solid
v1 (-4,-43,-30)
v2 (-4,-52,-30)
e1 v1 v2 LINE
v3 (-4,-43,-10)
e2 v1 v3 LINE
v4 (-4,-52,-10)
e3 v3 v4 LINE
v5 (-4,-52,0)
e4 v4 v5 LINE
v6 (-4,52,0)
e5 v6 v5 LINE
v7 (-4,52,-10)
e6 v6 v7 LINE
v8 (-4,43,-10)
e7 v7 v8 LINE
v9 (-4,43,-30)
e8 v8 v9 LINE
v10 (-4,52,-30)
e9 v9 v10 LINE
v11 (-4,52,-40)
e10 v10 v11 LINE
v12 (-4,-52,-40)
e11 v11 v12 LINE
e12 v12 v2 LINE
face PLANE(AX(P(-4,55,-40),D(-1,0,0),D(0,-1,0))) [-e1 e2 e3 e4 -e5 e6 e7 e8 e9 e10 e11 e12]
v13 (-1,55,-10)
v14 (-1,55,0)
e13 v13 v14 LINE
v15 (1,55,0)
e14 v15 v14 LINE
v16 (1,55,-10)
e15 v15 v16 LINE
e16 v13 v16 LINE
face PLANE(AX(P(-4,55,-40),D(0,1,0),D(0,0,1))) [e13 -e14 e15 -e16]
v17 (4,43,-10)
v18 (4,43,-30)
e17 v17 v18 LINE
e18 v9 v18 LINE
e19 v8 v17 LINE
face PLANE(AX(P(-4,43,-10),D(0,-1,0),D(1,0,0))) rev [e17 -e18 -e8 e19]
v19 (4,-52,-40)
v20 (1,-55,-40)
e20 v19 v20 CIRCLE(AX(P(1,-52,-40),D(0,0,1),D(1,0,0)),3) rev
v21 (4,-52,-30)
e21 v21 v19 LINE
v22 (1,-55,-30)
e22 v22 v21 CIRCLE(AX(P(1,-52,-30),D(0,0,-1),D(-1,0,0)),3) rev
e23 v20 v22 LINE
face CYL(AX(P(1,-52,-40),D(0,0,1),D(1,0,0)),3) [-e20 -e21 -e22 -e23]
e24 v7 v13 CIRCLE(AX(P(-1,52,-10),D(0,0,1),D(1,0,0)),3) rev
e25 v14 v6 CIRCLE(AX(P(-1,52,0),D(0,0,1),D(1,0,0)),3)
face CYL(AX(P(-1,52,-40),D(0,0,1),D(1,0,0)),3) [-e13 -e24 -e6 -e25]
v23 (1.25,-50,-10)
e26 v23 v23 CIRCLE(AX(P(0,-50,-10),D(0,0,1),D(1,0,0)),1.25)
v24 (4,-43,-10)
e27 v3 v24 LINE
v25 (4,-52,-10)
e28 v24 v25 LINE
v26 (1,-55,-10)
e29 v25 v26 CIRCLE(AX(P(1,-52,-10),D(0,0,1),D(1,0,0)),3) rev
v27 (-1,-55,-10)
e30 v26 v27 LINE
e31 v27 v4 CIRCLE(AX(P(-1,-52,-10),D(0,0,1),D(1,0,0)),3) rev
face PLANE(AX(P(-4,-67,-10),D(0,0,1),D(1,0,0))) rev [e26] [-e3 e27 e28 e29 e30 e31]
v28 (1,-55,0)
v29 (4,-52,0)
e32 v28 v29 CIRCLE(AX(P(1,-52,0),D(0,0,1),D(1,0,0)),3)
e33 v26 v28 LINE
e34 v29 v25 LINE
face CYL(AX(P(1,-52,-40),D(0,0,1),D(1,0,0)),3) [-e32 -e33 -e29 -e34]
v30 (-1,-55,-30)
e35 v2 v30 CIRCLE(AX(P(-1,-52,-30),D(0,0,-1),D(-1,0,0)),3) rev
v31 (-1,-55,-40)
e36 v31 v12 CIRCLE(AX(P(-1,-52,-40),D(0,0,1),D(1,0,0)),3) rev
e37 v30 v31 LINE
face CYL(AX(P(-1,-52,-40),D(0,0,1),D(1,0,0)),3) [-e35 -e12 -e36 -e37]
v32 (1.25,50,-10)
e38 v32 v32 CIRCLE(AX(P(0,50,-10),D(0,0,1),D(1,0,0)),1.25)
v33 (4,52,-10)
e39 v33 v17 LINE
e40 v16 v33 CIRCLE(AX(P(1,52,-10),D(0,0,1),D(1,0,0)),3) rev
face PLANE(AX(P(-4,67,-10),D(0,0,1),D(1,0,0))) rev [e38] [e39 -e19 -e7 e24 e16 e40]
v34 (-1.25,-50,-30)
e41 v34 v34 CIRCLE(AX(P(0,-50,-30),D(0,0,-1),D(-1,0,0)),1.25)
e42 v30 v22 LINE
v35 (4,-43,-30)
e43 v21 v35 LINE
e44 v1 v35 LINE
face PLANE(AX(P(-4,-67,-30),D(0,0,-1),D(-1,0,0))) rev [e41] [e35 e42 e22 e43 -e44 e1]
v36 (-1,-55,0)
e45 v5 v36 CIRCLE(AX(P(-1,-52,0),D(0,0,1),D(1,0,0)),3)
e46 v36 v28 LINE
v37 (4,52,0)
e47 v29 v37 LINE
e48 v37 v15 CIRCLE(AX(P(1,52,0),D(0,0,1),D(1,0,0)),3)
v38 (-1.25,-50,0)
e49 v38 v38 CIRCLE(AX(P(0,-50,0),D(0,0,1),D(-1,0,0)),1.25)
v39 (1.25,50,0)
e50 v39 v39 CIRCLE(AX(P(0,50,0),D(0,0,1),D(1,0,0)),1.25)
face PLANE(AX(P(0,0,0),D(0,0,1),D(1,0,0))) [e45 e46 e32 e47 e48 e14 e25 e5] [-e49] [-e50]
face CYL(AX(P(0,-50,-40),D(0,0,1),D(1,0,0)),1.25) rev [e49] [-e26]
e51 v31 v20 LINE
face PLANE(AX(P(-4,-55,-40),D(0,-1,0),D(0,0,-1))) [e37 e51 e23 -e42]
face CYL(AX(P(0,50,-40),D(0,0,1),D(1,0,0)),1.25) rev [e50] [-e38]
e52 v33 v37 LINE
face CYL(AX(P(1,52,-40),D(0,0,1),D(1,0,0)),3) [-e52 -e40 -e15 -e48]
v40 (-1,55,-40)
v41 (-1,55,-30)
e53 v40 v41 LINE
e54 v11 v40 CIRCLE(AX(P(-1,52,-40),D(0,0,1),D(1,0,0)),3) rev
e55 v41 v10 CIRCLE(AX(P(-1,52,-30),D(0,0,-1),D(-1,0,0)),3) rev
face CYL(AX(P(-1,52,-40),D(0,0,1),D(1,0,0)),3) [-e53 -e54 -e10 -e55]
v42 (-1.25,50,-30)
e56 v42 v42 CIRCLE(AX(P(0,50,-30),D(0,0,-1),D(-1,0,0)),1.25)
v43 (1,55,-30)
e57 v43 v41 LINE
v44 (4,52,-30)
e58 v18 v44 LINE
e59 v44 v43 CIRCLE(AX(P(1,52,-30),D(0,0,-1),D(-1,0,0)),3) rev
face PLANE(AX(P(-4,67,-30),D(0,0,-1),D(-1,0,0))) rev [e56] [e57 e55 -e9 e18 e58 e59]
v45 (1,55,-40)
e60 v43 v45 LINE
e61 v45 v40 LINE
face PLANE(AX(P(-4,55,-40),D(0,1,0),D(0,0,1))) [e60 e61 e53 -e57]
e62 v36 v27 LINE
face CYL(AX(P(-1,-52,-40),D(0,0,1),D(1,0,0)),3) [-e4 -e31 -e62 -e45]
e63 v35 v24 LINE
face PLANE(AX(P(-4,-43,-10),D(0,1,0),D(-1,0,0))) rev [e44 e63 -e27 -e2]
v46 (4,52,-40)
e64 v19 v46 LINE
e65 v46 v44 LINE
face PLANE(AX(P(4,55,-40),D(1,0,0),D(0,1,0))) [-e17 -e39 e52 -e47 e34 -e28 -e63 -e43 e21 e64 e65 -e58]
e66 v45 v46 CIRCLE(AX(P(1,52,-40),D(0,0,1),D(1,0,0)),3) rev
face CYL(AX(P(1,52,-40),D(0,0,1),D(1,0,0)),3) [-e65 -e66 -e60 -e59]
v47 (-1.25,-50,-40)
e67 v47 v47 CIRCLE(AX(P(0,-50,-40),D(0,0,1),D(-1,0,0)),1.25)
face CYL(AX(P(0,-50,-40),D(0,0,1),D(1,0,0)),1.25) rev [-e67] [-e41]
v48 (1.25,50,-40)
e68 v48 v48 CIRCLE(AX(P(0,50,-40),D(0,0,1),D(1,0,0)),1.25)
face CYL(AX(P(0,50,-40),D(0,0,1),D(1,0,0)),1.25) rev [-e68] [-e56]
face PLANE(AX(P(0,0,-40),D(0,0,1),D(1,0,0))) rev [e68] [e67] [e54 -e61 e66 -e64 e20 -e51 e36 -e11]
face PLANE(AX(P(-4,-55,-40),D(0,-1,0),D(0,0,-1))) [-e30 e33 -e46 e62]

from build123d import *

# Parameters (mm, degrees)
SKETCH1_W           = 8
SKETCH1_H           = 110
BOSS_EXTRUDE1_DEPTH = 40
SKETCH2_W           = 20
SKETCH2_H           = 24
CUT_EXTRUDE1_DEPTH  = 9
FILLET1_R           = 3
SKETCH3_R           = 1.25
CUT_EXTRUDE2_DEPTH  = 41


with BuildPart() as part:
    # Sketch1 → Boss-Extrude1 (new body)
    with BuildSketch(Plane.XY):
        Rectangle(SKETCH1_W, SKETCH1_H)
    extrude(amount=-BOSS_EXTRUDE1_DEPTH)

    # Sketch2 → Cut-Extrude1 (cut, through all)
    with BuildSketch(Plane(origin=(4, 0, 0), x_dir=(0, 0, -1), z_dir=(1, 0, 0))):
        with Locations((20, 55)):
            Rectangle(SKETCH2_W, SKETCH2_H)
        with Locations((20, -55)):
            Rectangle(SKETCH2_W, SKETCH2_H)
    extrude(amount=-CUT_EXTRUDE1_DEPTH, mode=Mode.SUBTRACT)

    # Fillet1
    fillet1_edges = [part.edges().sort_by_distance(p)[0] for p in [
        (4, 55, -5),
        (-4, 55, -5),
        (-4, -55, -5),
        (4, -55, -5),
        (4, -55, -35),
        (-4, -55, -35),
        (-4, 55, -35),
        (4, 55, -35),
    ]]
    fillet(fillet1_edges, radius=FILLET1_R)

    # Sketch3 → Cut-Extrude2 (cut, through all)
    with BuildSketch(Plane.XY):
        with Locations((0, 50)):
            Circle(SKETCH3_R)
        with Locations((0, -50)):
            Circle(SKETCH3_R)
    extrude(amount=-CUT_EXTRUDE2_DEPTH, mode=Mode.SUBTRACT)


solid = part.part
